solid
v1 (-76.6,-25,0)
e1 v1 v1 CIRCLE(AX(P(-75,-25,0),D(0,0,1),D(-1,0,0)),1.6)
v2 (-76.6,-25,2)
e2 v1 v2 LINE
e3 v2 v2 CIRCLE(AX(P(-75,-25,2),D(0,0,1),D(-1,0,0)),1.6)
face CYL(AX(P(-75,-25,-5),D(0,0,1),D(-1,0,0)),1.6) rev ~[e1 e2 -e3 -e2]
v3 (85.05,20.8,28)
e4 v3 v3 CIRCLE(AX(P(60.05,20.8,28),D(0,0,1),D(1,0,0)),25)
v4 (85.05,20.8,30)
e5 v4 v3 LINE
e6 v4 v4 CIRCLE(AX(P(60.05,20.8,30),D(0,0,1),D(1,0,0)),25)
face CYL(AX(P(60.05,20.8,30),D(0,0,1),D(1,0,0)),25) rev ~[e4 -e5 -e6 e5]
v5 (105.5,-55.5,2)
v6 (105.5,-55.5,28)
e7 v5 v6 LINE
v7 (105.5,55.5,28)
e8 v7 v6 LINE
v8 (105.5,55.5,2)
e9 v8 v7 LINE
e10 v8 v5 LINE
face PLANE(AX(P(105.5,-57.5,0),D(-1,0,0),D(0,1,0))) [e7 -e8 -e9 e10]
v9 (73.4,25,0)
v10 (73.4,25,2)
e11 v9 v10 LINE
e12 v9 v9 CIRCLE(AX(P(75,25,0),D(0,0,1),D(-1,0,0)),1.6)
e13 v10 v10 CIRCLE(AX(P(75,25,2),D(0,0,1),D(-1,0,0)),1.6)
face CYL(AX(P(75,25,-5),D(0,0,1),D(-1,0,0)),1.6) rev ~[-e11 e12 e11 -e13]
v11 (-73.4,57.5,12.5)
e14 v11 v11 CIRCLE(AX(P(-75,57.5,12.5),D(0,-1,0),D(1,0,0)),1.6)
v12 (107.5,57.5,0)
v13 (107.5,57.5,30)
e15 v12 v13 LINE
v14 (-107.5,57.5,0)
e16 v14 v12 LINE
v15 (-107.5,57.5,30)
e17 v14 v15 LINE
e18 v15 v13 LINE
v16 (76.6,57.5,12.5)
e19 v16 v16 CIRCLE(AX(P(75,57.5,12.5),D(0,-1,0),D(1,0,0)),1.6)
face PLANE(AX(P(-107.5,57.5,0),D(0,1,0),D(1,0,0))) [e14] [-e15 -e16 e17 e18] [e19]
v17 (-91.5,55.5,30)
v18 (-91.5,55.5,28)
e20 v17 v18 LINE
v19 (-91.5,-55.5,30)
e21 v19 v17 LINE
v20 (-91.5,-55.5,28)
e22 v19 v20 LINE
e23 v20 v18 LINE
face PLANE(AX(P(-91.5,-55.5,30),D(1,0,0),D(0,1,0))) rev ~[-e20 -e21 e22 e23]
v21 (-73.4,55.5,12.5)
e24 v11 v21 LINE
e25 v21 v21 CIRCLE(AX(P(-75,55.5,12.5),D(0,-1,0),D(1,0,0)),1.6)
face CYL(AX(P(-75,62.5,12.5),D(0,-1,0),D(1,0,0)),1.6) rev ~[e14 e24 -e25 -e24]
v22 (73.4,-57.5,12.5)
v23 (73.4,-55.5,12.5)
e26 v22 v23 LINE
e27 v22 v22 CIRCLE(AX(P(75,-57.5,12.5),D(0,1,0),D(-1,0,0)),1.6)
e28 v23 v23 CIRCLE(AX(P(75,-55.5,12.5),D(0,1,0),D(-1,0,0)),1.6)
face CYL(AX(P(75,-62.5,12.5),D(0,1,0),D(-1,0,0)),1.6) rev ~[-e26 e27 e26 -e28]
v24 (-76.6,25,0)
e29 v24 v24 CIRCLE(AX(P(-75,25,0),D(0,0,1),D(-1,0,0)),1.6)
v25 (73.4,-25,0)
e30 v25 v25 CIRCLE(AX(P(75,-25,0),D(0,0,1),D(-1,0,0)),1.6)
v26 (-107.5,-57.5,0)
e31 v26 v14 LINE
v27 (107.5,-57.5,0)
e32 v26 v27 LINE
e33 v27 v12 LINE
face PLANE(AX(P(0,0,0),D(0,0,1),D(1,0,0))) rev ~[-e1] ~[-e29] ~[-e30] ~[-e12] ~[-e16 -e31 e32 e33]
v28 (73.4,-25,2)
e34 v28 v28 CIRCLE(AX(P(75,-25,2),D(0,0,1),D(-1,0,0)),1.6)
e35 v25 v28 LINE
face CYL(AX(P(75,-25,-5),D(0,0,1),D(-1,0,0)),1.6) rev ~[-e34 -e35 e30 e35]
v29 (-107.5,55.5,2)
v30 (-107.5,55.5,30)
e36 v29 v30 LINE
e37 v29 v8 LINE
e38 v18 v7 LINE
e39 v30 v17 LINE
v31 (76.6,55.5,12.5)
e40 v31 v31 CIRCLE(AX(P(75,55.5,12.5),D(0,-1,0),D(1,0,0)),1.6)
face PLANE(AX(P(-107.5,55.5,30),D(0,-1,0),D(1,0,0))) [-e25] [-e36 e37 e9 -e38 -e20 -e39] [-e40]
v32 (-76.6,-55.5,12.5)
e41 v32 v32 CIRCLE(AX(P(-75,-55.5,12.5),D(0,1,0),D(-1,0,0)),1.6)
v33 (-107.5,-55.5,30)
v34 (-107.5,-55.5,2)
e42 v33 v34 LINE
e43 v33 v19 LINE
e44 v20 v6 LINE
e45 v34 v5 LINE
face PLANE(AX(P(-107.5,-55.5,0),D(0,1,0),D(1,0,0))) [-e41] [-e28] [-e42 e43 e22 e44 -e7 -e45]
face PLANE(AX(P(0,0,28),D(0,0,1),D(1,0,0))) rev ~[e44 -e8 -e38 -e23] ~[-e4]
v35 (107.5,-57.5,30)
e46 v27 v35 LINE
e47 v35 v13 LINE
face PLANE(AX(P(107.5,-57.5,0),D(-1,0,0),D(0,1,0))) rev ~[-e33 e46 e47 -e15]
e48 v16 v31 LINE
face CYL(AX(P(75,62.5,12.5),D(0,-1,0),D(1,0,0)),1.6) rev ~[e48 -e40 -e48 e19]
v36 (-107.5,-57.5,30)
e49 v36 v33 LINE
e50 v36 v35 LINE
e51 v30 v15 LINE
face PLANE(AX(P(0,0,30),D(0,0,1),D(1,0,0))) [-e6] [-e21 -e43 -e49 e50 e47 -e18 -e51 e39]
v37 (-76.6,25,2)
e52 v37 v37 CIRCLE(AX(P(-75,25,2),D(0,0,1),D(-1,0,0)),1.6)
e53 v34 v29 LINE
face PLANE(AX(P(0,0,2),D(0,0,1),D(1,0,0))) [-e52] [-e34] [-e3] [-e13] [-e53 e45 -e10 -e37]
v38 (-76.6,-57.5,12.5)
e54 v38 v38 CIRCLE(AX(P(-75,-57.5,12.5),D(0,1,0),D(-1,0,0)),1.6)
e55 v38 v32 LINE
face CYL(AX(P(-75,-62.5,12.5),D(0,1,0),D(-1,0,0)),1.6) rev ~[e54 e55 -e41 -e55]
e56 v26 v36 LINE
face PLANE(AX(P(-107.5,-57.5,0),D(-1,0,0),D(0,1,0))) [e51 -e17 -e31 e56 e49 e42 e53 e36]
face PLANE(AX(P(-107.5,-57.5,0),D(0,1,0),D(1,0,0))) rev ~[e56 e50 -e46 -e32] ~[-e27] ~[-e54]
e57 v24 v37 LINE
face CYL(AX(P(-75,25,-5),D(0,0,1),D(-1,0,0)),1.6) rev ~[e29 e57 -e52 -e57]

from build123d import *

# Parameters (mm, degrees)
F0_W           = 215
F0_H           = 115
F1_DEPTH       = 30
F3_T           = -2
F4_W           = 16
F4_H           = 111
F2_R           = 25
F5_DEPTH       = 2
F9_D           = 3.2
F9_DEPTH       = 5
F9_TIP         = 0.9613769904
F9_ON_F7_D     = 3.2
F9_ON_F7_DEPTH = 5
F9_ON_F7_TIP   = 0.9613769904
F9_ON_F8_D     = 3.2
F9_ON_F8_DEPTH = 5
F9_ON_F8_TIP   = 0.9613769904


with BuildPart() as f1:
    # F0 (on Top) → F1 (new body)
    with BuildSketch(Plane.XY):
        Rectangle(F0_W, F0_H)
    extrude(amount=F1_DEPTH)

    # F3
    f3_openings = [f1.faces().sort_by_distance(p)[0] for p in [
        (-107.5, 0, 15),
    ]]
    offset(amount=F3_T, openings=f3_openings)

    # F4 (on face) + F2 (on face) → F5 (cut, through all)
    with BuildSketch(Plane.XY.offset(30)):
        with Locations((-99.5, 0)):
            Rectangle(F4_W, F4_H)
    with BuildSketch(Plane.XY.offset(30)):
        with Locations((60.05, 20.8)):
            Circle(F2_R)
    extrude(amount=-F5_DEPTH, mode=Mode.SUBTRACT)

    # F9
    with Locations(Plane(origin=(0, 0, 0), x_dir=(1, 0, 0), z_dir=(0, 0, -1))):
        with Locations((-75, 25), (75, -25), (-75, -25), (75, 25)):
            Hole(F9_D / 2, depth=F9_DEPTH)
            with Locations((0, 0, -(F9_DEPTH + F9_TIP / 2))):  # 118° drill point
                Cone(0, F9_D / 2, F9_TIP, mode=Mode.SUBTRACT)

    # F9 on F7
    with Locations(Plane.XZ.offset(57.5)):
        with Locations((-75, 12.5), (75, 12.5)):
            Hole(F9_ON_F7_D / 2, depth=F9_ON_F7_DEPTH)
            with Locations((0, 0, -(F9_ON_F7_DEPTH + F9_ON_F7_TIP / 2))):  # 118° drill point
                Cone(0, F9_ON_F7_D / 2, F9_ON_F7_TIP, mode=Mode.SUBTRACT)

    # F9 on F8
    with Locations(Plane(origin=(0, 57.5, 0), x_dir=(-1, 0, 0), z_dir=(0, 1, 0))):
        with Locations((-75, 12.5), (75, 12.5)):
            Hole(F9_ON_F8_D / 2, depth=F9_ON_F8_DEPTH)
            with Locations((0, 0, -(F9_ON_F8_DEPTH + F9_ON_F8_TIP / 2))):  # 118° drill point
                Cone(0, F9_ON_F8_D / 2, F9_ON_F8_TIP, mode=Mode.SUBTRACT)


solid = f1.part
